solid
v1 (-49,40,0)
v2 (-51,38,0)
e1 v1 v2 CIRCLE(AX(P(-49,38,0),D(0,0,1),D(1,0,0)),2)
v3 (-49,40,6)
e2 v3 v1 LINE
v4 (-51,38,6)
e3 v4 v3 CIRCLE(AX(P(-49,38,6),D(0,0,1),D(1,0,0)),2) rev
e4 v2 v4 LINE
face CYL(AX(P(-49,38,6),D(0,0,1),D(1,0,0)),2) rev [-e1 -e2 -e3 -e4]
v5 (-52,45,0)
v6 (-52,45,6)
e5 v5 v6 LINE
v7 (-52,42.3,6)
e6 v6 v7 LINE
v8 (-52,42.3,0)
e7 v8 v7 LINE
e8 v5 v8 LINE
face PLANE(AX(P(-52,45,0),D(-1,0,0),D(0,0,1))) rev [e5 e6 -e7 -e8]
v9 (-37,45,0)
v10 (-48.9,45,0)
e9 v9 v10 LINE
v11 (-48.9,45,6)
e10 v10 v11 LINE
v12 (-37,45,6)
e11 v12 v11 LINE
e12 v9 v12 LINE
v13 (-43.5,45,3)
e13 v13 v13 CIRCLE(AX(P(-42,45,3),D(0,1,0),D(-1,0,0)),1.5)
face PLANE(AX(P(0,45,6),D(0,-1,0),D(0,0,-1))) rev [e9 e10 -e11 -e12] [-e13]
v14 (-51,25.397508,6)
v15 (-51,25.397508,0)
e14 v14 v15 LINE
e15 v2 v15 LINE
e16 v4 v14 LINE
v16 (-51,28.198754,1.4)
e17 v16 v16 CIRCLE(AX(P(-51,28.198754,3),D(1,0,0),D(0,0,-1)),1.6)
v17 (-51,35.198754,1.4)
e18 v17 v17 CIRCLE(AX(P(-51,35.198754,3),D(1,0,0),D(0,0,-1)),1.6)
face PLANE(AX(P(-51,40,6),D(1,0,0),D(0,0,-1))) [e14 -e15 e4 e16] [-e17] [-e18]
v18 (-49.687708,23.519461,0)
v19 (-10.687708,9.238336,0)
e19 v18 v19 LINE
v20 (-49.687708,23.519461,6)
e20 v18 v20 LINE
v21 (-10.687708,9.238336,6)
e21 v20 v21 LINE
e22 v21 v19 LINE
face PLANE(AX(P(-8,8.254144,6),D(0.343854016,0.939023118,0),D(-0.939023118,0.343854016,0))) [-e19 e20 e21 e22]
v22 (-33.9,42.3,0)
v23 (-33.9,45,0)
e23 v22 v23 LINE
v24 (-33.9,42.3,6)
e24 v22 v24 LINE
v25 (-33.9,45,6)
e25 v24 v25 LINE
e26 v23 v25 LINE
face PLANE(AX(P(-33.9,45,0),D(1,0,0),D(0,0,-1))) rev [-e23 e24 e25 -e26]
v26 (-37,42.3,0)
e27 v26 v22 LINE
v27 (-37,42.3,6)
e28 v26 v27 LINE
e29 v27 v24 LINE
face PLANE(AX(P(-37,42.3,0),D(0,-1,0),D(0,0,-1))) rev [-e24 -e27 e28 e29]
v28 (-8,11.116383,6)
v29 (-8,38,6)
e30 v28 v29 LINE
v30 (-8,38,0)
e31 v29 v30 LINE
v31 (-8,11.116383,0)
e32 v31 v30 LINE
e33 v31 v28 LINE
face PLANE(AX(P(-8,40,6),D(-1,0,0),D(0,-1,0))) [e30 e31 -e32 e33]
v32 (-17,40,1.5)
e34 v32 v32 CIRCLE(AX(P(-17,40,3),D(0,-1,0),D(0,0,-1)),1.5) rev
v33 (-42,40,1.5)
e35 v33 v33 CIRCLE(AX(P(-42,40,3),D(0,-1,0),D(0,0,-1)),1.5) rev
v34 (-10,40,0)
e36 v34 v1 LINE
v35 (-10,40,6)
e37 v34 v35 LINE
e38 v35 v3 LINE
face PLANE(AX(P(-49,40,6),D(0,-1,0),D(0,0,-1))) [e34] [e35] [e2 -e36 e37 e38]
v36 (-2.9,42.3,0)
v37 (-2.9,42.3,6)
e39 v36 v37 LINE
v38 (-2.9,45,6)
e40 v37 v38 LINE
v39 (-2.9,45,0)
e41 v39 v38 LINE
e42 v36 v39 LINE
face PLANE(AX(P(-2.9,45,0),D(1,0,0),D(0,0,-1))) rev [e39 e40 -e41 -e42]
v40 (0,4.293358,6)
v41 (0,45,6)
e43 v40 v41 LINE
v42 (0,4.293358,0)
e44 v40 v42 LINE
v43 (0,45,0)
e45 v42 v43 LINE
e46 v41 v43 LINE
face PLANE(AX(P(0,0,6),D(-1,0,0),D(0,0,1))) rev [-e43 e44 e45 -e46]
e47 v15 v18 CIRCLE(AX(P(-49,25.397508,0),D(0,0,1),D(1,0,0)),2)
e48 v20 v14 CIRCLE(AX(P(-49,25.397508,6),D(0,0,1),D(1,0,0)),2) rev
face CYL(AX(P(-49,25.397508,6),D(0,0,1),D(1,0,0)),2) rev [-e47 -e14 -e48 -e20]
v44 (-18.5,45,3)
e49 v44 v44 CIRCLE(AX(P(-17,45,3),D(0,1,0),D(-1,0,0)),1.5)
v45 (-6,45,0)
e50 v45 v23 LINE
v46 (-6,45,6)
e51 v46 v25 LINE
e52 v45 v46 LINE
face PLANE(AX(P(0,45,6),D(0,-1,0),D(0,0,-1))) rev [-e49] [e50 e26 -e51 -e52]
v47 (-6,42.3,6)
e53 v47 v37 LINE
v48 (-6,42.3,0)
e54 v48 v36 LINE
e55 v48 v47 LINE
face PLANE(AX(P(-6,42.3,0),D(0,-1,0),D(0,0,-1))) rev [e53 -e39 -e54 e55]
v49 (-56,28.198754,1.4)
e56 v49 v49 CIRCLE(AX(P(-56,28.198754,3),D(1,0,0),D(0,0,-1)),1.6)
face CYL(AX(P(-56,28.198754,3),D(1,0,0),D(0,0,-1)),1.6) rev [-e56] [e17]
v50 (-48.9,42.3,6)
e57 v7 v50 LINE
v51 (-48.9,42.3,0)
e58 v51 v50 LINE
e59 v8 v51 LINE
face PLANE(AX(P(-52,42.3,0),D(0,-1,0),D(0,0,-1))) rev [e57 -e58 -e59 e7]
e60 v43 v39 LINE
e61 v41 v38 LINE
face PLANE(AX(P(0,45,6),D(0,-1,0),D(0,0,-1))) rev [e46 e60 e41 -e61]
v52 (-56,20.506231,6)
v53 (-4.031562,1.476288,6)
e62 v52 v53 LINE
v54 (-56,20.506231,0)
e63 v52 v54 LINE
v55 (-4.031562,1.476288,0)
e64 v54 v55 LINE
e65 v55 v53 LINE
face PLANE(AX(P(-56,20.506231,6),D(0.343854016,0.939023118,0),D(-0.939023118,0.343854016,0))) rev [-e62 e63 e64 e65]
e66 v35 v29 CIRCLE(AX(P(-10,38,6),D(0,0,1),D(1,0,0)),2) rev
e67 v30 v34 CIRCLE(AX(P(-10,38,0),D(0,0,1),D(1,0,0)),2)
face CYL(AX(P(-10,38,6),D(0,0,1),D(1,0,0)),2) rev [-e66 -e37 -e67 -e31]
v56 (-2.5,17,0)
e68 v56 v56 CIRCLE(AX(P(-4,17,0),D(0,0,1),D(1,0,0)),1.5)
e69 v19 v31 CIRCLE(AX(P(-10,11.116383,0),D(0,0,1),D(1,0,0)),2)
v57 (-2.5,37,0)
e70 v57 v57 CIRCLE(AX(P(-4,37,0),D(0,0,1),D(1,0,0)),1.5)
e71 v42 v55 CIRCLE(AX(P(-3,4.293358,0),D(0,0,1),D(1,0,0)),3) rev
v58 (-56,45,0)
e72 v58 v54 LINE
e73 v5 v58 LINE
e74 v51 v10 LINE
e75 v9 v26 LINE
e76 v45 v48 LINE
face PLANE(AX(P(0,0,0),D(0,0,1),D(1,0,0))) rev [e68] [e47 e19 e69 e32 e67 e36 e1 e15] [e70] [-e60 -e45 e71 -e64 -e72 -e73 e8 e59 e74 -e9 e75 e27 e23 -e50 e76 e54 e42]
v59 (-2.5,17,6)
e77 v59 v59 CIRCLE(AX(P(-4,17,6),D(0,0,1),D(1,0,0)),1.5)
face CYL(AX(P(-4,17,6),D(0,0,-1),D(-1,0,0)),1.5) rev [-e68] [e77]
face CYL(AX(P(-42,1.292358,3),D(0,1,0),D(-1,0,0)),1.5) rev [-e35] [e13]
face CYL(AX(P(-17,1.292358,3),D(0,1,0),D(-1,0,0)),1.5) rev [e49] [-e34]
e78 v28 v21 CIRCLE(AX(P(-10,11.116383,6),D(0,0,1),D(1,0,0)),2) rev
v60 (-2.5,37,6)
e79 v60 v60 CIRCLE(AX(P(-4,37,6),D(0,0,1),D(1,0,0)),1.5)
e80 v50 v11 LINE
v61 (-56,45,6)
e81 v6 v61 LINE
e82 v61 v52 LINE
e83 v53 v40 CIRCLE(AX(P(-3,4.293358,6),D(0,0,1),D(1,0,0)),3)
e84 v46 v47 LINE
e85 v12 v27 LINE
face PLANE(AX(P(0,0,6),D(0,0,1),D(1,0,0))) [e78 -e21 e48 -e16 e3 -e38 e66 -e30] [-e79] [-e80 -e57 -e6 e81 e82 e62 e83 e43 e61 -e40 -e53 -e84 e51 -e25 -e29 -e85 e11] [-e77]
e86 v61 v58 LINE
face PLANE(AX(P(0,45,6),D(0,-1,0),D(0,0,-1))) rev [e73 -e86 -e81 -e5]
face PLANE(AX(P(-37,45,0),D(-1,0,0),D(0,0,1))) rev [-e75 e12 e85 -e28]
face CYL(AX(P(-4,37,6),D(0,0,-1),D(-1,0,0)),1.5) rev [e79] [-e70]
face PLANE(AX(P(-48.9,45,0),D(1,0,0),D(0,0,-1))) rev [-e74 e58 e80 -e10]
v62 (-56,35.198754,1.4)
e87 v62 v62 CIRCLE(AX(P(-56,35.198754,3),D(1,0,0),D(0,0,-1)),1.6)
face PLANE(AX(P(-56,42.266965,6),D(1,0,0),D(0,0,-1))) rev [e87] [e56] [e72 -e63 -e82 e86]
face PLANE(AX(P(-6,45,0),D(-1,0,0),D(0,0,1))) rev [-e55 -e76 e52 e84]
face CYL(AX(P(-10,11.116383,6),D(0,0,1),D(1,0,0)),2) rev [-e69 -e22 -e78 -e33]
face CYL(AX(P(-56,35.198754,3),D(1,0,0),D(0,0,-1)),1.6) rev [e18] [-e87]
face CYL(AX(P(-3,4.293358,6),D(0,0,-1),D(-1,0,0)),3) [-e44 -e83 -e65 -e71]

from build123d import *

# Parameters (mm, degrees)
SKETCH_1_R          = 1.5
EXTRUDE_1_DEPTH     = 6
FILLET_1_R          = 3
CUT_EXTRUDE_1_REACH = 73.29
SKETCH_2_R          = 1.5
SKETCH_3_W          = 3.1
SKETCH_3_H          = 2.7
CUT_EXTRUDE_2_DEPTH = 73.090221251
FILLET_2_R          = 2
SKETCH_4_R          = 1.6
CUT_EXTRUDE_3_DEPTH = 69.27884006


with BuildPart() as part:
    # 草图1 → 凸台-拉伸1 (new body)
    with BuildSketch(Plane.XY):
        Polygon((0, 0), (0, 45), (-56, 45), (-56, 42.266964597), (-56, 20.506230936), (-51.898147584, 19.004203562), align=None)
        with Locations((-4, 37)):
            Circle(SKETCH_1_R, mode=Mode.SUBTRACT)
        with Locations((-4, 17)):
            Circle(SKETCH_1_R, mode=Mode.SUBTRACT)
        Polygon((-51, 40), (-51, 24), (-45.845984401, 22.112688677), (-8, 8.254144103), (-8, 40), (-49, 40), align=None, mode=Mode.SUBTRACT)
    extrude(amount=EXTRUDE_1_DEPTH)

    # 圆角1
    fillet_1_edges = [part.edges().sort_by_distance(p)[0] for p in [
        (0, 0, 3),
    ]]
    fillet(fillet_1_edges, radius=FILLET_1_R)

    # 草图2 → 切除-拉伸1 (cut, up to next)
    with BuildSketch(Plane(origin=(0, 45, 0), x_dir=(1, 0, 0), z_dir=(0, 1, 0)), mode=Mode.PRIVATE) as cut_extrude_1_sk1:
        with Locations(Location((-17, -3, 0), (0, 0, 180))):
            Circle(SKETCH_2_R)
    cut_extrude_1_tool1 = extrude(cut_extrude_1_sk1.sketch, amount=-CUT_EXTRUDE_1_REACH, mode=Mode.PRIVATE) & part.part
    # 草图2 → 切除-拉伸1 (cut, up to next)
    with BuildSketch(Plane(origin=(0, 45, 0), x_dir=(1, 0, 0), z_dir=(0, 1, 0)), mode=Mode.PRIVATE) as cut_extrude_1_sk2:
        with Locations(Location((-42, -3, 0), (0, 0, 180))):
            Circle(SKETCH_2_R)
    cut_extrude_1_tool2 = extrude(cut_extrude_1_sk2.sketch, amount=-CUT_EXTRUDE_1_REACH, mode=Mode.PRIVATE) & part.part
    add(cut_extrude_1_tool1.solids().sort_by_distance((-17, 45, 3))[0], mode=Mode.SUBTRACT)
    add(cut_extrude_1_tool2.solids().sort_by_distance((-42, 45, 3))[0], mode=Mode.SUBTRACT)

    # 草图3 → 切除-拉伸2 (cut, through all)
    with BuildSketch(Plane.XY.offset(6)):
        with Locations((-50.45, 43.65)):
            Rectangle(SKETCH_3_W, SKETCH_3_H)
        with Locations((-35.45, 43.65)):
            Rectangle(SKETCH_3_W, SKETCH_3_H)
        with Locations((-4.45, 43.65)):
            Rectangle(SKETCH_3_W, SKETCH_3_H)
    extrude(amount=-CUT_EXTRUDE_2_DEPTH, mode=Mode.SUBTRACT)

    # 圆角2
    fillet_2_edges = [part.edges().sort_by_distance(p)[0] for p in [
        (-51, 40, 3),
        (-51, 24, 3),
        (-8, 8.254144103, 3),
        (-8, 40, 3),
    ]]
    fillet(fillet_2_edges, radius=FILLET_2_R)

    # 草图4 → 切除-拉伸3 (cut, through all)
    with BuildSketch(Plane(origin=(-51, 0, 0), x_dir=(0, 0, -1), z_dir=(1, 0, 0))):
        with Locations((-3, 35.198753813)):
            Circle(SKETCH_4_R)
        with Locations((-3, 28.198753813)):
            Circle(SKETCH_4_R)
    extrude(amount=-CUT_EXTRUDE_3_DEPTH, mode=Mode.SUBTRACT)


solid = part.part
